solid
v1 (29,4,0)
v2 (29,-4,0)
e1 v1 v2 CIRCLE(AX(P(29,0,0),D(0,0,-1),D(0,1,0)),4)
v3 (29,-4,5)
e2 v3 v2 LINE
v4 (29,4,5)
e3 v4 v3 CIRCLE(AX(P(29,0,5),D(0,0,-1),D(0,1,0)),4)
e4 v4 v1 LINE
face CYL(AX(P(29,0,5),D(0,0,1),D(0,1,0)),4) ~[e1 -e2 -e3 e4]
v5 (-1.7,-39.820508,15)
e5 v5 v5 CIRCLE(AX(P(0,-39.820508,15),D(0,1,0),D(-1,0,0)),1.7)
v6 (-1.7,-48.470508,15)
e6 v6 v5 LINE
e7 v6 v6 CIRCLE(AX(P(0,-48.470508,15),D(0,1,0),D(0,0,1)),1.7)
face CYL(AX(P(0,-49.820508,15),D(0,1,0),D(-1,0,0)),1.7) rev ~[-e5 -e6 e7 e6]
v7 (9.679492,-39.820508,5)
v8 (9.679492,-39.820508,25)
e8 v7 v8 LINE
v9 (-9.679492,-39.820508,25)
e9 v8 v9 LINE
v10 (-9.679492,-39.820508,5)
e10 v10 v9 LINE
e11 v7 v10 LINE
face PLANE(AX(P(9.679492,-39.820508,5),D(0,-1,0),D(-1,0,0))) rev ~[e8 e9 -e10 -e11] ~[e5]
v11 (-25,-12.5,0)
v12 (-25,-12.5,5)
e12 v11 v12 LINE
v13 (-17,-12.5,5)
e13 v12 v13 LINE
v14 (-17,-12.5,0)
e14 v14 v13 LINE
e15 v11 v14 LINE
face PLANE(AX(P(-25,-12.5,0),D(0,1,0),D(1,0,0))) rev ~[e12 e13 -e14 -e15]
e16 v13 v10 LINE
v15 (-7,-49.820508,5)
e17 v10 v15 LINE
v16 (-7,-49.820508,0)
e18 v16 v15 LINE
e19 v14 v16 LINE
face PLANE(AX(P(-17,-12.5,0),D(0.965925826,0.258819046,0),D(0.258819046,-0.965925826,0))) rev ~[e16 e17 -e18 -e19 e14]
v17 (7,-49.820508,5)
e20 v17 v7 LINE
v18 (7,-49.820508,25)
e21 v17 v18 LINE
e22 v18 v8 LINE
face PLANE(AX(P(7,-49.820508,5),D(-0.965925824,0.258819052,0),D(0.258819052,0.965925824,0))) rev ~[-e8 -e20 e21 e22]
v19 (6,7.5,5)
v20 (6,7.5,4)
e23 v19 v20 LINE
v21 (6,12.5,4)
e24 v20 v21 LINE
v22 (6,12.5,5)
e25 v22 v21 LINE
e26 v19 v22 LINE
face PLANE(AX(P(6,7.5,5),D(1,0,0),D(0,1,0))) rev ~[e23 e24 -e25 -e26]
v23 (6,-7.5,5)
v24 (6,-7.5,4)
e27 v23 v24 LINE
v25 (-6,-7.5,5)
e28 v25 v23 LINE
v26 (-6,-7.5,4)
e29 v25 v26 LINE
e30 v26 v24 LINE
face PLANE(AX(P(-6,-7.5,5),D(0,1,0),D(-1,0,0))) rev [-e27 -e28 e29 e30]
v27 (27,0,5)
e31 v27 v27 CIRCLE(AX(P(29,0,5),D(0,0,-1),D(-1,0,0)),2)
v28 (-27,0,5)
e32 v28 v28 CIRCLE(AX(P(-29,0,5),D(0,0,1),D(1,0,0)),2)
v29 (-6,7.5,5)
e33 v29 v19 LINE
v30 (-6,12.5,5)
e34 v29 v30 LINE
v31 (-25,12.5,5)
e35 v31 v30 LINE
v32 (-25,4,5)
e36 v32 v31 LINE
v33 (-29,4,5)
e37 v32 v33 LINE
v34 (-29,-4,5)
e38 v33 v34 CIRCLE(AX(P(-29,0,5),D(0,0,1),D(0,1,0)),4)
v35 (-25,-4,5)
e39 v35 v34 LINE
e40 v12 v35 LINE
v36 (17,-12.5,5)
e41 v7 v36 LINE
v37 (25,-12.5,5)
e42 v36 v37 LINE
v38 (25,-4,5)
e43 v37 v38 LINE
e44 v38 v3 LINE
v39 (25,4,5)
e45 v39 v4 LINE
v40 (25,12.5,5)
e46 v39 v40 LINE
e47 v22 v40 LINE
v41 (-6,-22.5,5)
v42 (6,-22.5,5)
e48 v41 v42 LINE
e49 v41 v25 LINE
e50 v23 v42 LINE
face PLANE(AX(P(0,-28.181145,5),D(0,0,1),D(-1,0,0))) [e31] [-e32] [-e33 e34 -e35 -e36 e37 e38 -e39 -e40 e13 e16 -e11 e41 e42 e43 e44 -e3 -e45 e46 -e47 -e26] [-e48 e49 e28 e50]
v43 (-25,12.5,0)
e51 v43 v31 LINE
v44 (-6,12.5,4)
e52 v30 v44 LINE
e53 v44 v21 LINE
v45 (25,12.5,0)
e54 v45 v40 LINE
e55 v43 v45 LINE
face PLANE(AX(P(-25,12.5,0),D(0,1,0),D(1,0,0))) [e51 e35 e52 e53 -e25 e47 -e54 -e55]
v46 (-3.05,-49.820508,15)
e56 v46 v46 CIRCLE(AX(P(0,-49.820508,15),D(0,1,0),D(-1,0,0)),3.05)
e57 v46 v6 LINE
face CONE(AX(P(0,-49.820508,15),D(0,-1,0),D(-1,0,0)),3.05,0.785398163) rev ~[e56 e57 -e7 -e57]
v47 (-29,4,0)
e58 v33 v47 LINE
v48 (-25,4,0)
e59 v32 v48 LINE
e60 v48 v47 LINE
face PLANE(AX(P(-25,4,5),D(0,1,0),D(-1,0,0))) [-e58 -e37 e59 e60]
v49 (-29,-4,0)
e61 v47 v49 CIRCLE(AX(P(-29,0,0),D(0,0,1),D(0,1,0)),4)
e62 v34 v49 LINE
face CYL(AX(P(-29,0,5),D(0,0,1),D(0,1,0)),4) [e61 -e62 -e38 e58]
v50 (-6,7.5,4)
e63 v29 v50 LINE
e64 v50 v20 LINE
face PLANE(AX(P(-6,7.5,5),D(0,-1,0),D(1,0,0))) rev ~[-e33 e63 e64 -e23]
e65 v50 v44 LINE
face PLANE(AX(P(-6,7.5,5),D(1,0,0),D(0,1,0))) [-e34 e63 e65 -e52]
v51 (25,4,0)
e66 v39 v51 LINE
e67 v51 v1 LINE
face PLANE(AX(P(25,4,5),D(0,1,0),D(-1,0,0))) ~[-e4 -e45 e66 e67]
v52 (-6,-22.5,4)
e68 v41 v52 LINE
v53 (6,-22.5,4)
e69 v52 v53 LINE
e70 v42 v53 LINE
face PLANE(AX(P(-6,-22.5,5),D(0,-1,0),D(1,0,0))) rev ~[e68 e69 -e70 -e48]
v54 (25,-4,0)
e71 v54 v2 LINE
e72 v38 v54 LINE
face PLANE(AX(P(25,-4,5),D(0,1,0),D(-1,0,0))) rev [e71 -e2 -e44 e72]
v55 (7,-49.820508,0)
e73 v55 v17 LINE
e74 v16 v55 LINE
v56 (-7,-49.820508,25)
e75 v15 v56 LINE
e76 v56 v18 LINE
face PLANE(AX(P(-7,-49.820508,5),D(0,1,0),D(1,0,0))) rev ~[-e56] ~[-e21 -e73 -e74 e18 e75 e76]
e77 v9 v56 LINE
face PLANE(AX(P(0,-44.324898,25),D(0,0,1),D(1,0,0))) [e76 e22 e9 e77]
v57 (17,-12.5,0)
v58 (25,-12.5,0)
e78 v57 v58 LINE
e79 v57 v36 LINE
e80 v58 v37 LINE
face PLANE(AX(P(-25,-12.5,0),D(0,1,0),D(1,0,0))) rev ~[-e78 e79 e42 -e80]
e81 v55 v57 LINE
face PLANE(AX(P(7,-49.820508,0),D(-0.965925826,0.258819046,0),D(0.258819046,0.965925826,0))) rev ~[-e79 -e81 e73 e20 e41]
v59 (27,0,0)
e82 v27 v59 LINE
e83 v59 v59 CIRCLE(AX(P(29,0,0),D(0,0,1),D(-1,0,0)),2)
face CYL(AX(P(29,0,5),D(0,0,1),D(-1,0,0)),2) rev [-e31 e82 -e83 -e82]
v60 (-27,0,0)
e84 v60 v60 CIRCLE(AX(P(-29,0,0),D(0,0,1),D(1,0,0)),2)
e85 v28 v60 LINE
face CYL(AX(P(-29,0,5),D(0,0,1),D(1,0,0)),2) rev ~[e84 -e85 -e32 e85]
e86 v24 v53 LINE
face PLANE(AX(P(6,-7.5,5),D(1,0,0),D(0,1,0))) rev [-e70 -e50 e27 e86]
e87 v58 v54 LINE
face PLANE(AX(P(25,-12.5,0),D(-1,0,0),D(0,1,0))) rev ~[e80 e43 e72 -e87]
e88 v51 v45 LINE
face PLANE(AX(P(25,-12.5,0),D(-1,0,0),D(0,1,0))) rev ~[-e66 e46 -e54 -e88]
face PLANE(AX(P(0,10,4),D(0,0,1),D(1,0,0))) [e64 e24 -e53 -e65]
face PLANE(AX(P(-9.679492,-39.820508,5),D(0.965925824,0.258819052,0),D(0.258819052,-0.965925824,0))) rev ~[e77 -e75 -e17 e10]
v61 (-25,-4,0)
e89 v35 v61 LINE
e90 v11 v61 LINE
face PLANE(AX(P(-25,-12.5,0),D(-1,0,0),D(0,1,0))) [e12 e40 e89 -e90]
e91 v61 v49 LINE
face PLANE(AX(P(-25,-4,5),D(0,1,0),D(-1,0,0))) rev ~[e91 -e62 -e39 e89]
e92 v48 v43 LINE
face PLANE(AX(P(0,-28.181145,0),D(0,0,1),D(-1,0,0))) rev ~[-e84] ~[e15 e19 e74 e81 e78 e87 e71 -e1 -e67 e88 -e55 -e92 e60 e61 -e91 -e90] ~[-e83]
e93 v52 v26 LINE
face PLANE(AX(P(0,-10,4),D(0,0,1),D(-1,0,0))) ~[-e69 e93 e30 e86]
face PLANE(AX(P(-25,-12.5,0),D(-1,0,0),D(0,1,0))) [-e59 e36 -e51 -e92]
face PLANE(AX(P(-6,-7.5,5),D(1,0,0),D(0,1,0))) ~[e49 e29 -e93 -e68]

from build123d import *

# Parameters (mm, degrees)
SKETCH_W         = 50
SKETCH_H         = 25
PAD_DEPTH        = 5
PAD001_DEPTH     = 5
SKETCH002_R      = 2
POCKET_DEPTH     = 131.713272
SKETCH004_W      = 12
SKETCH004_H      = 5
POCKET001_DEPTH  = 1
PAD002_DEPTH     = 5
SKETCH008_W      = 8
SKETCH008_H      = 10
POCKET002_DEPTH  = 1
SKETCH009_W      = 12
SKETCH009_H      = 10
POCKET003_DEPTH  = 1
PAD003_DEPTH     = 20
HOLE_D           = 3.4
HOLE_DEPTH       = 25
HOLE_CSINK_D     = 6.1
HOLE_CSINK_ANGLE = 90
HOLE_TIPS_R      = 1.7


with BuildPart() as part:
    # Sketch → Pad (new body)
    with BuildSketch(Plane.XY):
        Rectangle(SKETCH_W, SKETCH_H)
    extrude(amount=PAD_DEPTH)

    # Sketch001 (on Face6 of Pad) → Pad001 (join)
    with BuildSketch(Plane.XY.offset(5)):
        with BuildLine():
            ThreePointArc((-25, -4), (-21, 0), (-25, 4))
            Line((-25, 4), (-29, 4))
            ThreePointArc((-29, 4), (-33, 0), (-29, -4))
            Line((-25, -4), (-29, -4))
        make_face()
    pad001 = extrude(amount=-PAD001_DEPTH)

    # Sketch002 (on Face12 of Pad001) → Pocket (cut, through all)
    with BuildSketch(Plane.XY.offset(5)):
        with Locations((-29, 0)):
            Circle(SKETCH002_R)
    pocket = extrude(amount=-POCKET_DEPTH, mode=Mode.SUBTRACT)

    # Mirrored: Pad001 across Sketch001 V_Axis
    add(pad001.mirror(Plane(origin=(0, 0, 5), x_dir=(0, 0, 1), z_dir=(1, 0, 0))))

    # Mirrored001: Pocket across Sketch002 V_Axis
    add(pocket.mirror(Plane(origin=(0, 0, 5), x_dir=(0, 0, 1), z_dir=(1, 0, 0))), mode=Mode.SUBTRACT)

    # Sketch004 (on Face5 of Mirrored001) → Pocket001 (cut)
    with BuildSketch(Plane.XY.offset(5)):
        with Locations((0, 10)):
            Rectangle(SKETCH004_W, SKETCH004_H)
    pocket001 = extrude(amount=-POCKET001_DEPTH, mode=Mode.SUBTRACT)

    # Mirrored002: Pocket001 across Sketch004 H_Axis
    add(pocket001.mirror(Plane(origin=(0, 0, 5), x_dir=(0, 0, 1), z_dir=(0, 1, 0))), mode=Mode.SUBTRACT)

    # Sketch005 (on Face2 of Mirrored002) → Pad002 (join)
    with BuildSketch(Plane(origin=(0, 0, 0), x_dir=(1, 0, 0), z_dir=(0, 0, -1))):
        Polygon((-17, 12.5), (-7, 49.820508), (7, 49.820508), (17, 12.5), align=None)
    extrude(amount=-PAD002_DEPTH)

    # Sketch008 → Pocket002 (cut)
    with BuildSketch(Plane(origin=(-25, 0, 0), x_dir=(0, -1, 0), z_dir=(-1, 0, 0))):
        with Locations((0, -5)):
            Rectangle(SKETCH008_W, SKETCH008_H)
    extrude(amount=-POCKET002_DEPTH, mode=Mode.SUBTRACT)

    # Sketch009 (on Face17 of Pad002) → Pocket003 (cut)
    with BuildSketch(Plane.XY.offset(5)):
        with Locations((0, -17.5)):
            Rectangle(SKETCH009_W, SKETCH009_H)
    extrude(amount=-POCKET003_DEPTH, mode=Mode.SUBTRACT)

    # Sketch010 (on Face19 of Pocket003) → Pad003 (join)
    with BuildSketch(Plane.XY.offset(5)):
        Polygon((-7, -49.820508), (7, -49.820508), (9.679492, -39.820508), (-9.679492, -39.820508), align=None)
    extrude(amount=PAD003_DEPTH)

    # Hole
    with Locations(Plane.XZ.offset(49.820508)):
        with Locations((0, 15)):
            CounterSinkHole(HOLE_D / 2, HOLE_CSINK_D / 2, depth=HOLE_DEPTH, counter_sink_angle=HOLE_CSINK_ANGLE)

    # Hole tips → Hole tip 1 section 0
    with BuildSketch(Plane.XZ.offset(24.820508), mode=Mode.PRIVATE) as hole_tip_1_s0:
        with Locations((0, 15)):
            Circle(HOLE_TIPS_R)
    loft([hole_tip_1_s0.sketch, Vertex(0, -23.799045, 15)], mode=Mode.SUBTRACT)


solid = part.part
